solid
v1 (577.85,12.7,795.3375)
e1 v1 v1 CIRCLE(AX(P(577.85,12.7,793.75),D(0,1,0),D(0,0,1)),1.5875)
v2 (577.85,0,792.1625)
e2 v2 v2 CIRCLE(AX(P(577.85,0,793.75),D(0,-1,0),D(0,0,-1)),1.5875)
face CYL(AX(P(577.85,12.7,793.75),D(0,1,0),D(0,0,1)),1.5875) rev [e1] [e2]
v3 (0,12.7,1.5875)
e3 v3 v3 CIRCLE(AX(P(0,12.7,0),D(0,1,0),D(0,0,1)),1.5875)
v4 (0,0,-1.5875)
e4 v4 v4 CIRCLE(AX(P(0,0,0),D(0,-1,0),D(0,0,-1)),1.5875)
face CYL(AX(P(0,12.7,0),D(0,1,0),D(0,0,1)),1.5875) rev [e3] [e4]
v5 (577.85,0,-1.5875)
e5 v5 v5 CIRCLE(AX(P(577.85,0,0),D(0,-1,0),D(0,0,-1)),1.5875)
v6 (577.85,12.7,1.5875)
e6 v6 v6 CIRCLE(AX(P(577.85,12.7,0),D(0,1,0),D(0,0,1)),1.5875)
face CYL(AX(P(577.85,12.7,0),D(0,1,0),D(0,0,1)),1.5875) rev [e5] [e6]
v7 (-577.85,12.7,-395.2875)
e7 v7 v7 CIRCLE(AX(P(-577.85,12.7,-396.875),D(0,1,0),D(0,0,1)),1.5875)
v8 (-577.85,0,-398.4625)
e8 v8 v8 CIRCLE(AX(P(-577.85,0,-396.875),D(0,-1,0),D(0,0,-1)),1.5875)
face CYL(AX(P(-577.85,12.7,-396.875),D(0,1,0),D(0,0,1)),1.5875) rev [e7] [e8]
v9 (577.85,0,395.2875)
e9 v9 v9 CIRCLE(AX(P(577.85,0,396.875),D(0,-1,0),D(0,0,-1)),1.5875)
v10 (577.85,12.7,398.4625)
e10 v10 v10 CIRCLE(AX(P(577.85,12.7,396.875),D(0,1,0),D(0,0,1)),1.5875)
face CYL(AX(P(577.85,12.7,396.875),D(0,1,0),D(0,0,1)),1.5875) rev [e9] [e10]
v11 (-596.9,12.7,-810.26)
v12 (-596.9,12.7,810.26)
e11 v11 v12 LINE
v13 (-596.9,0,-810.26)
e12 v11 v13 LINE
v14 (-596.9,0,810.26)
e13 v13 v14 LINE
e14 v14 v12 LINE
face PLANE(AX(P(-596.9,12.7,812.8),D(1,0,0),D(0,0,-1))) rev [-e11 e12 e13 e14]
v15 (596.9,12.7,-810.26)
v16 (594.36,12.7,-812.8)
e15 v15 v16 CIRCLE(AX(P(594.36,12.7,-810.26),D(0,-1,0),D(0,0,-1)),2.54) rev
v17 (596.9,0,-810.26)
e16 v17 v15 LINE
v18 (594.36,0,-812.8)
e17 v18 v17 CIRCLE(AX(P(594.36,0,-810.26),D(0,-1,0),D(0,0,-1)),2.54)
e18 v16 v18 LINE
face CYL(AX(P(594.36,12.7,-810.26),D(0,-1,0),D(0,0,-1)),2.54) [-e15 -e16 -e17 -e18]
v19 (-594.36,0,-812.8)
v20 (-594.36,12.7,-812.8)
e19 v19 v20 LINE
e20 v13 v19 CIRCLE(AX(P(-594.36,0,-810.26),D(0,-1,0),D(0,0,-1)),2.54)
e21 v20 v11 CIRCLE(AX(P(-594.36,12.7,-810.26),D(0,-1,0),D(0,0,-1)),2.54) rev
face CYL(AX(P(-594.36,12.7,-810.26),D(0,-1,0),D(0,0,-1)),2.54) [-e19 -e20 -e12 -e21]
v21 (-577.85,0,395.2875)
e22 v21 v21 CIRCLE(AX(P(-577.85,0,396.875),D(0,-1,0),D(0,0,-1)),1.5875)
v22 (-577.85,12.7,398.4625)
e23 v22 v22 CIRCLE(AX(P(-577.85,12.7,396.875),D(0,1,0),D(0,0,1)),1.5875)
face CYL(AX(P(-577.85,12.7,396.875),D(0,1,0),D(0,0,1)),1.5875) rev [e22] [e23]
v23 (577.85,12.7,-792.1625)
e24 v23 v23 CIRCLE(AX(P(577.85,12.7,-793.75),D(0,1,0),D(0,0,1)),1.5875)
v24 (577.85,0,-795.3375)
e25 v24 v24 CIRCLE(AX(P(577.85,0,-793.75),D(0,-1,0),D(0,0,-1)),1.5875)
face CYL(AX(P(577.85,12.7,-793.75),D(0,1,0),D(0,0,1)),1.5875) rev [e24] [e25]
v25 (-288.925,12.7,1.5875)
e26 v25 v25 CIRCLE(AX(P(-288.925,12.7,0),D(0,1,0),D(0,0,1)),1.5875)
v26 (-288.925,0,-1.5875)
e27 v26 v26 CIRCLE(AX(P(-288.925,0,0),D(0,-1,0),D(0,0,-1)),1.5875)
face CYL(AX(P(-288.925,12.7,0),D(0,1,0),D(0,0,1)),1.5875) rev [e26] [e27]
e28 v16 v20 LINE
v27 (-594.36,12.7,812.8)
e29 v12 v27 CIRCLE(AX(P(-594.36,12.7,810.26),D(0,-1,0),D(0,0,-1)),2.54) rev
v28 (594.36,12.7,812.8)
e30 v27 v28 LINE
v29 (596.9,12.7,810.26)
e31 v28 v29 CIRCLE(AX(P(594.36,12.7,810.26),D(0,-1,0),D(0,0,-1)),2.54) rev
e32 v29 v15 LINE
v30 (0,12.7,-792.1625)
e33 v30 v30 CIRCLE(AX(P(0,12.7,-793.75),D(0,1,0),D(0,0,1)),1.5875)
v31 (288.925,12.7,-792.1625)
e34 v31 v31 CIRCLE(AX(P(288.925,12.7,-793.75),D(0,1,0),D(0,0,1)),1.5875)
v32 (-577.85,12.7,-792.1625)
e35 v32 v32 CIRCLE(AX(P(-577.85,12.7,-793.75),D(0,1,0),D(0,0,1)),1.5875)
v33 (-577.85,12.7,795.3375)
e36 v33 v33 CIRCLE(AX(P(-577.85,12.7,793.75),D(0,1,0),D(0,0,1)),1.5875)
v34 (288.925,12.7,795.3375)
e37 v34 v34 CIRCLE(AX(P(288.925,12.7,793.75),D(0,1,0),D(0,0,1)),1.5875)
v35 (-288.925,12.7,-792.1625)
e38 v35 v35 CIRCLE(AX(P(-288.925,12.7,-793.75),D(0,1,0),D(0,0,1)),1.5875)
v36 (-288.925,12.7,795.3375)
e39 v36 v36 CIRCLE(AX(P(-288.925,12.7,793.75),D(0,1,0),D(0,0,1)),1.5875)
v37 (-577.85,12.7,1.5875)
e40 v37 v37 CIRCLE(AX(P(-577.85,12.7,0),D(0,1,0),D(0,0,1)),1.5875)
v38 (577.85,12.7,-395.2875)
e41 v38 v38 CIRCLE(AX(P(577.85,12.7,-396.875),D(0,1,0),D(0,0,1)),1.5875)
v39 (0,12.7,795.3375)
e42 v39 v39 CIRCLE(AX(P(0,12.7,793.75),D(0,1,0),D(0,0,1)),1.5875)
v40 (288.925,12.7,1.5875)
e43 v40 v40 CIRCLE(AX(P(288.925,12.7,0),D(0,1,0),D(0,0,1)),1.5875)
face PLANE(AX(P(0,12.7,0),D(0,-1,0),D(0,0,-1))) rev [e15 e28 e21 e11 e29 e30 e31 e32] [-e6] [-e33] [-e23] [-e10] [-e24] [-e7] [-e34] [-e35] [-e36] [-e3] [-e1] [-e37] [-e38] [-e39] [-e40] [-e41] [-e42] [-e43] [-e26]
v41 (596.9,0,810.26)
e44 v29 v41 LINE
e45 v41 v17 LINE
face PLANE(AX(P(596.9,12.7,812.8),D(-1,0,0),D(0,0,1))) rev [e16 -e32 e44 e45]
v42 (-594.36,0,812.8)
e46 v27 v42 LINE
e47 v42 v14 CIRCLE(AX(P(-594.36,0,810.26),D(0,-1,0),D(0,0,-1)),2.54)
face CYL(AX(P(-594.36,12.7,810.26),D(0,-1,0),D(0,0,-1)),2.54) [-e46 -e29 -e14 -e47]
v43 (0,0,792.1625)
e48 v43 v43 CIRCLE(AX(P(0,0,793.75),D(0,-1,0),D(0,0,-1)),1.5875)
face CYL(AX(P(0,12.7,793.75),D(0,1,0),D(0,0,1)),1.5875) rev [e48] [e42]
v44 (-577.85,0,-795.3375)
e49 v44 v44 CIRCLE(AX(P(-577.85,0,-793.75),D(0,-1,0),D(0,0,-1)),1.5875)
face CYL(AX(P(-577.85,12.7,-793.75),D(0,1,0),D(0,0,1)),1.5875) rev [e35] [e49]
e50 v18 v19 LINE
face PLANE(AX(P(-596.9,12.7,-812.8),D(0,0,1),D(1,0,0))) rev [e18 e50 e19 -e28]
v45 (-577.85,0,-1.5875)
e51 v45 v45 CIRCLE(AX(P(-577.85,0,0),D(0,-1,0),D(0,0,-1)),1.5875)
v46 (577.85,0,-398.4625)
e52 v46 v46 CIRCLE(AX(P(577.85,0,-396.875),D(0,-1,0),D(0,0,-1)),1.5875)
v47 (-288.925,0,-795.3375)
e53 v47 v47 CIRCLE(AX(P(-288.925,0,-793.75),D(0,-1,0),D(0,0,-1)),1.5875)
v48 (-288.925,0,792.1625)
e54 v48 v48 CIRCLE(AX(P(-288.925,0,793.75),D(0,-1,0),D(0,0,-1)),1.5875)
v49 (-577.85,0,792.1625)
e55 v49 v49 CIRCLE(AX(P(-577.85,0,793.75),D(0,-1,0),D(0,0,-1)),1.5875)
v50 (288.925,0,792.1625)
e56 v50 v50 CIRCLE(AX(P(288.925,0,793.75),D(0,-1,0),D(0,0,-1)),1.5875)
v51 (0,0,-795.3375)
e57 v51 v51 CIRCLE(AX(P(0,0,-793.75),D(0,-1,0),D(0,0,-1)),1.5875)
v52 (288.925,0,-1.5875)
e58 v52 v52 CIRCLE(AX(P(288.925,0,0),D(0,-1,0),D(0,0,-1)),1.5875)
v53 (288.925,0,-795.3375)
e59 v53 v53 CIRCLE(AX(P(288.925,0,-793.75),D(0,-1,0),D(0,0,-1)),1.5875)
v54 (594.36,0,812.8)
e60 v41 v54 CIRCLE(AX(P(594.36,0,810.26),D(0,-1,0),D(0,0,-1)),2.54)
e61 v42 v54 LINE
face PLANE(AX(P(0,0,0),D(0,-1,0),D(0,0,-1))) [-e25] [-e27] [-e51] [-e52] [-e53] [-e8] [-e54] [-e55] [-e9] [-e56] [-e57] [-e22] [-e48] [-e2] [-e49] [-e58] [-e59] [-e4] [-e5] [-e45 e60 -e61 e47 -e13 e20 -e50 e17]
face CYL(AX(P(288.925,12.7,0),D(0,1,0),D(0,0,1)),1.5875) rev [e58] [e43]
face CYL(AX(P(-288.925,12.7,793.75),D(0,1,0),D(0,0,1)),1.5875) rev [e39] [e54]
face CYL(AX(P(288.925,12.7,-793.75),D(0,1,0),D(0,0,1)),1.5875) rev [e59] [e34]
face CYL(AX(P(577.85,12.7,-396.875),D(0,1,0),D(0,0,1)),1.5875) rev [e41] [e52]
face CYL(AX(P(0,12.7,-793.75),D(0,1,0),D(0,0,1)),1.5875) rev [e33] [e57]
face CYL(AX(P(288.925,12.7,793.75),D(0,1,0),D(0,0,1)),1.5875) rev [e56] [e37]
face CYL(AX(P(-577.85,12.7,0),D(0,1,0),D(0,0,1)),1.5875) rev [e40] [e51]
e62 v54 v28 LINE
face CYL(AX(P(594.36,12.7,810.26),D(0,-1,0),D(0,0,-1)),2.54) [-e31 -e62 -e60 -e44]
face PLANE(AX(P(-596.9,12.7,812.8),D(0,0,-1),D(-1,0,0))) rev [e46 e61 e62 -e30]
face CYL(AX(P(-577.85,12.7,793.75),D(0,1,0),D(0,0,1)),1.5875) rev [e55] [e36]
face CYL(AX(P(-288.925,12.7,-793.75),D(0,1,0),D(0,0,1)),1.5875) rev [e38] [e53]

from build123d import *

# Parameters (mm, degrees)
SKETCH1_W                        = 1193.8
SKETCH1_H                        = 1625.6
BOSS_EXTRUDE1_DEPTH              = 12.7
F_1_8_0_125_DIAMETER_HOLE1_D     = 3.175
F_1_8_0_125_DIAMETER_HOLE2_D     = 3.175
F_1_8_0_125_DIAMETER_HOLE2_DEPTH = 12.7
FILLET1_R                        = 2.54


with BuildPart() as part:
    # Sketch1 → Boss-Extrude1 (new body)
    with BuildSketch(Plane(origin=(0, 0, 0), x_dir=(1, 0, 0), z_dir=(0, 1, 0))):
        Rectangle(SKETCH1_W, SKETCH1_H)
    extrude(amount=BOSS_EXTRUDE1_DEPTH)

    # 1/8 (0.125) Diameter Hole1 (through all)
    with Locations(Plane(origin=(0, 12.7, 0), x_dir=(1, 0, 0), z_dir=(0, 1, 0))):
        with Locations((577.85, 0), (-577.85, -793.75), (-577.85, 793.75), (-288.925, 793.75), (0, 793.75), (288.925, 793.75), (577.85, 793.75), (-288.925, -793.75), (0, -793.75), (288.925, -793.75), (577.85, -793.75), (-577.85, 0), (-288.925, 0), (0, 0), (288.925, 0)):
            Hole(F_1_8_0_125_DIAMETER_HOLE1_D / 2)

    # 1/8 (0.125) Diameter Hole2
    with Locations(Plane(origin=(0, 12.7, 0), x_dir=(1, 0, 0), z_dir=(0, 1, 0))):
        with Locations((577.85, 396.875), (-577.85, -396.875), (-577.85, -793.75), (577.85, -793.75), (577.85, -396.875), (-577.85, 0), (577.85, 0), (-577.85, 396.875)):
            Hole(F_1_8_0_125_DIAMETER_HOLE2_D / 2, depth=F_1_8_0_125_DIAMETER_HOLE2_DEPTH)

    # Fillet1
    fillet1_edges = [part.edges().sort_by_distance(p)[0] for p in [
        (596.9, 6.35, 812.8),
        (-596.9, 6.35, 812.8),
        (-596.9, 6.35, -812.8),
        (596.9, 6.35, -812.8),
    ]]
    fillet(fillet1_edges, radius=FILLET1_R)


solid = part.part
